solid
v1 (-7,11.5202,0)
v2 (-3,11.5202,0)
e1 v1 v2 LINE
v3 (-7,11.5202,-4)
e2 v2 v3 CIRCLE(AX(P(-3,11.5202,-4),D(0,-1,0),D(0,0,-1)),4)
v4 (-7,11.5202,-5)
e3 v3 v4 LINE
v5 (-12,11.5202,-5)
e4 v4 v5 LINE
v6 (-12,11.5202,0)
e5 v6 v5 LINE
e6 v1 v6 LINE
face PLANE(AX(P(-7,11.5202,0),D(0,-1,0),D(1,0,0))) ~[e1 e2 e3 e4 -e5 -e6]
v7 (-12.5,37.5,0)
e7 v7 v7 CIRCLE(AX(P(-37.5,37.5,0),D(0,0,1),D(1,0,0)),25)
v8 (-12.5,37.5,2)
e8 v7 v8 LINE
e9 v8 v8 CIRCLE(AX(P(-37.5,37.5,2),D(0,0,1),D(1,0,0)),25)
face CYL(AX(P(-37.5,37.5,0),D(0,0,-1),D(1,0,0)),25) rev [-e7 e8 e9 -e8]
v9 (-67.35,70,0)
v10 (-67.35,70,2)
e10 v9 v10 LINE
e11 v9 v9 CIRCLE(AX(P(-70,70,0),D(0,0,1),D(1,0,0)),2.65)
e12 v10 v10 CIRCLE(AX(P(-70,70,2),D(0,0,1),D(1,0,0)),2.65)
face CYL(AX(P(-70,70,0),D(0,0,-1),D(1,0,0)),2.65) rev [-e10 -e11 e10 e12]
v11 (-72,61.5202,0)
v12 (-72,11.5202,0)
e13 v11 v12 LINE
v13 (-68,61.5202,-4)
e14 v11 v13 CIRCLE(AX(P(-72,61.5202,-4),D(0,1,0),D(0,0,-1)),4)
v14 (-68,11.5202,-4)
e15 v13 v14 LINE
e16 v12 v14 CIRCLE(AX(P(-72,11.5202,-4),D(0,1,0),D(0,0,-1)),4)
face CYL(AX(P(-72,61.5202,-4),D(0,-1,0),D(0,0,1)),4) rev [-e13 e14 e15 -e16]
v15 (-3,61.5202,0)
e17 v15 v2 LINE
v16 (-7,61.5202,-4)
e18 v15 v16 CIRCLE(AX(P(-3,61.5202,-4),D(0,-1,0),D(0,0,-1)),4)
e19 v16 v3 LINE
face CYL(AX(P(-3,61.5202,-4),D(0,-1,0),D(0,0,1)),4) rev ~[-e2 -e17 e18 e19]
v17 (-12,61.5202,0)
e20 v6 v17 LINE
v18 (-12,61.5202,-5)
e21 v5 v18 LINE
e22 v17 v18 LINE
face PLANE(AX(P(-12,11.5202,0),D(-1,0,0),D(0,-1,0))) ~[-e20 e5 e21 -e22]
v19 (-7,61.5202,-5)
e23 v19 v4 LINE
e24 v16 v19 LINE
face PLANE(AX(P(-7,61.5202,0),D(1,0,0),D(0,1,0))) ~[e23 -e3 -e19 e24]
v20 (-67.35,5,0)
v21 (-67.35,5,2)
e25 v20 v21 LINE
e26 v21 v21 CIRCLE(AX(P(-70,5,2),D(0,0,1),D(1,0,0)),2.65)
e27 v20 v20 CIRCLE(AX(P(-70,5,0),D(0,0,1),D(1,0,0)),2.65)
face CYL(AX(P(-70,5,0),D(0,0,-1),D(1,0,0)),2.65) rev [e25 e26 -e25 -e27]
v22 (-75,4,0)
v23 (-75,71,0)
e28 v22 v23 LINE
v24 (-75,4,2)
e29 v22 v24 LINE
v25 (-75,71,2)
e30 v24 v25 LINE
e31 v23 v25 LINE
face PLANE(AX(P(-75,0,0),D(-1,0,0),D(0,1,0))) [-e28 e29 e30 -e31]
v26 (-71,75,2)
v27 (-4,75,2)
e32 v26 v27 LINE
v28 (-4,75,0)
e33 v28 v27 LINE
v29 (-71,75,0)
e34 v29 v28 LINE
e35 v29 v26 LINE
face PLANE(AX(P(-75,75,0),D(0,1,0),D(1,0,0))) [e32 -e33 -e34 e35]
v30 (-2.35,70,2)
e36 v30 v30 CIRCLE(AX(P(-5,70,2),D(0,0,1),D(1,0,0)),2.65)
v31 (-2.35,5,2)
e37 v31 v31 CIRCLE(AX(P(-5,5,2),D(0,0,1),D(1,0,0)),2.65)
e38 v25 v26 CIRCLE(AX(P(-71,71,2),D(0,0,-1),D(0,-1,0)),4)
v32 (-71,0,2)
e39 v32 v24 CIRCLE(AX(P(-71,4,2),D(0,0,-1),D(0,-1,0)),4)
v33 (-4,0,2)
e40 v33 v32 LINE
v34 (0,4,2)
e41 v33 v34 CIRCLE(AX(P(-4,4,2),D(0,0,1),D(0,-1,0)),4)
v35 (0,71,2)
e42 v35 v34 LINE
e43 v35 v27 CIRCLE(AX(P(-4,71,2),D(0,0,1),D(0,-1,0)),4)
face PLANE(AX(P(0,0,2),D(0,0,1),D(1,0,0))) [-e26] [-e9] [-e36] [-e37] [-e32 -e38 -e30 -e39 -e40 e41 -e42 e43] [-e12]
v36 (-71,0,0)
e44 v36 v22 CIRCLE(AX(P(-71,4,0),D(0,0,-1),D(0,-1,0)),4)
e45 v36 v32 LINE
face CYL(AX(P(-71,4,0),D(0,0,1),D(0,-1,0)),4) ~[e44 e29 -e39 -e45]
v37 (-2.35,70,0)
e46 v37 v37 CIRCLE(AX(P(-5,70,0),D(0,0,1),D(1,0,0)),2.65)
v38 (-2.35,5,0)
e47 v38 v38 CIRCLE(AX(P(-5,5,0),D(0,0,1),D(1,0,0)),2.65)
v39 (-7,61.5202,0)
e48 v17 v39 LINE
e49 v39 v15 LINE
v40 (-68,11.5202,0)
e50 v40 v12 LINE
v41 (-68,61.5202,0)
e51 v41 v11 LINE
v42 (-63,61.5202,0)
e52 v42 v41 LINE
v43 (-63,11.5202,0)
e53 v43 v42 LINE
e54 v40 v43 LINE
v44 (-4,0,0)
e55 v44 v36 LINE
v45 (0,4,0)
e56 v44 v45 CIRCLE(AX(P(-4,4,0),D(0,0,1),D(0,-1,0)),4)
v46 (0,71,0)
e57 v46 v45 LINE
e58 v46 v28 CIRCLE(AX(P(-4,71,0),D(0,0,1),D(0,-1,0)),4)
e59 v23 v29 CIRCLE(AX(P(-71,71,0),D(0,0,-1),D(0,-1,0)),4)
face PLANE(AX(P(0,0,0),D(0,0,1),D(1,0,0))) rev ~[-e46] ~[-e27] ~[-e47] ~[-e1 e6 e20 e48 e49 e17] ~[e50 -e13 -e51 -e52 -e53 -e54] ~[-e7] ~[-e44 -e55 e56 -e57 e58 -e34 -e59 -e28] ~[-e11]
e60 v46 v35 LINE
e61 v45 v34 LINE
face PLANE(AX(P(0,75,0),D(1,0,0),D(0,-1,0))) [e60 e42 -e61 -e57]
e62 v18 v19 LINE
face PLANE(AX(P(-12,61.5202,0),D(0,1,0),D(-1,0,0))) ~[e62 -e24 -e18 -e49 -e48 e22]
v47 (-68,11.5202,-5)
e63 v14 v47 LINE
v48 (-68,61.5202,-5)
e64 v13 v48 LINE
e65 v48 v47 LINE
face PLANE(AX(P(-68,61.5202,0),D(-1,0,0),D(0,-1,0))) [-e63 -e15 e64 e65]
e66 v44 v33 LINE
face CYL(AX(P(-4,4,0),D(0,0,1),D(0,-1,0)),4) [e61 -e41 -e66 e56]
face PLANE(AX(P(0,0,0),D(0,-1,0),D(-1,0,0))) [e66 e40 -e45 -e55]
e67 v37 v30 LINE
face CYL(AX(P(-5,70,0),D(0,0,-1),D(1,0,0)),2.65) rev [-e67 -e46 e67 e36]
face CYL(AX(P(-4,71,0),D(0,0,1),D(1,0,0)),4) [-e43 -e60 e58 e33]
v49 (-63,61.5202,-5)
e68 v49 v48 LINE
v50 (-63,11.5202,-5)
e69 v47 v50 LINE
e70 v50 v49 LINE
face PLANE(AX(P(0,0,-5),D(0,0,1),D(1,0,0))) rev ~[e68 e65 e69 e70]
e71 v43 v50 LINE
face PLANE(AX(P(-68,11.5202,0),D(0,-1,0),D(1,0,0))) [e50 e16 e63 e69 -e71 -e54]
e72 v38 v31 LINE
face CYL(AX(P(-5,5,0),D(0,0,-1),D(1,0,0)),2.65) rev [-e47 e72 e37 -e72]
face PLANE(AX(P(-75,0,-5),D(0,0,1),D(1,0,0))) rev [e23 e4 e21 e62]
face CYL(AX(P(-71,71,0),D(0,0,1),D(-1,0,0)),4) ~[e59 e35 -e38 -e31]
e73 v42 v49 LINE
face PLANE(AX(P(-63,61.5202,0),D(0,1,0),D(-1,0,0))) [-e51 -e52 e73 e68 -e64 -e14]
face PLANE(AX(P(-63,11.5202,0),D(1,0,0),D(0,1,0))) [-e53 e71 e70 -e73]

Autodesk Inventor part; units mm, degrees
ref_plane "YZ Plane" through (0, 0, 0) normal (1, 0, 0) x (0, 1, 0)
ref_plane "XZ Plane" through (0, 0, 0) normal (0, 1, 0) x (-1, 0, 0)
ref_plane "XY Plane" through (0, 0, 0) normal (0, 0, 1) x (1, 0, 0)
sketch "Sketch1" plane through (0, 0, 0) normal (0, 0, 1) x (1, 0, 0)
  line L0 (0, 0) -> (-75, 0)
  line L1 (-75, 0) -> (-75, 75)
  line L2 (-75, 75) -> (0, 75)
  line L3 (0, 75) -> (0, 0)
  circle A0 centre (-5, 70) radius 2.65
  circle A1 centre (-70, 70) radius 2.65
  circle A2 centre (-5, 5) radius 2.65
  circle A3 centre (-70, 5) radius 2.65
  circle A4 centre (-37.5, 37.5) radius 25
  line L4 (-63, 61.5202) -> (-68, 61.5202)
  line L5 (-68, 61.5202) -> (-68, 11.5202)
  line L6 (-68, 11.5202) -> (-63, 11.5202)
  line L7 (-63, 11.5202) -> (-63, 61.5202)
  dimension "d0" = 75
  dimension "d1" = 75
  dimension "d2" = 5.3
  dimension "d3" = 5
  dimension "d4" = 5
  dimension "d7" = 65
  dimension "d10" = 65
  dimension "d26" = 50
  dimension "d29" = 50
  dimension "d30" = 5
  dimension "d31" = 25.5
  dimension "d32" = 37.5
extrude "Extrusion1" add sketch "Sketch1" along normal blind 2 contours L0 L1 L2 L3 | L7 L6 L5 L4
extrude "Extrusion2" add sketch "Sketch1" against normal blind 5 contours L7 L6 L5 L4
ref_plane "Work Plane1" through (-37.5, 37.5, 0) normal (1, 0, 0) x (0, 1, 0)
mirror "Mirror1" about plane through (-37.5, 37.5, 0) normal (1, 0, 0) of "Extrusion2"
fillet "Fillet2" radius 4 2 edges at (-68, 36.5202, 0) (-7, 36.5202, 0)
fillet "Fillet3" radius 4 4 edges at (0, 0, 1) (-75, 0, 1) (-75, 75, 1) (0, 75, 1)
equation "\"d1\" = d0"
equation "\"d4\" = d3"
equation "\"d7\" = d0 - 2 * d4"
equation "\"d10\" = d1 - 2 * d3"
equation "\"d32\" = 0.5 * d0"
properties part number "50x5 interface"
